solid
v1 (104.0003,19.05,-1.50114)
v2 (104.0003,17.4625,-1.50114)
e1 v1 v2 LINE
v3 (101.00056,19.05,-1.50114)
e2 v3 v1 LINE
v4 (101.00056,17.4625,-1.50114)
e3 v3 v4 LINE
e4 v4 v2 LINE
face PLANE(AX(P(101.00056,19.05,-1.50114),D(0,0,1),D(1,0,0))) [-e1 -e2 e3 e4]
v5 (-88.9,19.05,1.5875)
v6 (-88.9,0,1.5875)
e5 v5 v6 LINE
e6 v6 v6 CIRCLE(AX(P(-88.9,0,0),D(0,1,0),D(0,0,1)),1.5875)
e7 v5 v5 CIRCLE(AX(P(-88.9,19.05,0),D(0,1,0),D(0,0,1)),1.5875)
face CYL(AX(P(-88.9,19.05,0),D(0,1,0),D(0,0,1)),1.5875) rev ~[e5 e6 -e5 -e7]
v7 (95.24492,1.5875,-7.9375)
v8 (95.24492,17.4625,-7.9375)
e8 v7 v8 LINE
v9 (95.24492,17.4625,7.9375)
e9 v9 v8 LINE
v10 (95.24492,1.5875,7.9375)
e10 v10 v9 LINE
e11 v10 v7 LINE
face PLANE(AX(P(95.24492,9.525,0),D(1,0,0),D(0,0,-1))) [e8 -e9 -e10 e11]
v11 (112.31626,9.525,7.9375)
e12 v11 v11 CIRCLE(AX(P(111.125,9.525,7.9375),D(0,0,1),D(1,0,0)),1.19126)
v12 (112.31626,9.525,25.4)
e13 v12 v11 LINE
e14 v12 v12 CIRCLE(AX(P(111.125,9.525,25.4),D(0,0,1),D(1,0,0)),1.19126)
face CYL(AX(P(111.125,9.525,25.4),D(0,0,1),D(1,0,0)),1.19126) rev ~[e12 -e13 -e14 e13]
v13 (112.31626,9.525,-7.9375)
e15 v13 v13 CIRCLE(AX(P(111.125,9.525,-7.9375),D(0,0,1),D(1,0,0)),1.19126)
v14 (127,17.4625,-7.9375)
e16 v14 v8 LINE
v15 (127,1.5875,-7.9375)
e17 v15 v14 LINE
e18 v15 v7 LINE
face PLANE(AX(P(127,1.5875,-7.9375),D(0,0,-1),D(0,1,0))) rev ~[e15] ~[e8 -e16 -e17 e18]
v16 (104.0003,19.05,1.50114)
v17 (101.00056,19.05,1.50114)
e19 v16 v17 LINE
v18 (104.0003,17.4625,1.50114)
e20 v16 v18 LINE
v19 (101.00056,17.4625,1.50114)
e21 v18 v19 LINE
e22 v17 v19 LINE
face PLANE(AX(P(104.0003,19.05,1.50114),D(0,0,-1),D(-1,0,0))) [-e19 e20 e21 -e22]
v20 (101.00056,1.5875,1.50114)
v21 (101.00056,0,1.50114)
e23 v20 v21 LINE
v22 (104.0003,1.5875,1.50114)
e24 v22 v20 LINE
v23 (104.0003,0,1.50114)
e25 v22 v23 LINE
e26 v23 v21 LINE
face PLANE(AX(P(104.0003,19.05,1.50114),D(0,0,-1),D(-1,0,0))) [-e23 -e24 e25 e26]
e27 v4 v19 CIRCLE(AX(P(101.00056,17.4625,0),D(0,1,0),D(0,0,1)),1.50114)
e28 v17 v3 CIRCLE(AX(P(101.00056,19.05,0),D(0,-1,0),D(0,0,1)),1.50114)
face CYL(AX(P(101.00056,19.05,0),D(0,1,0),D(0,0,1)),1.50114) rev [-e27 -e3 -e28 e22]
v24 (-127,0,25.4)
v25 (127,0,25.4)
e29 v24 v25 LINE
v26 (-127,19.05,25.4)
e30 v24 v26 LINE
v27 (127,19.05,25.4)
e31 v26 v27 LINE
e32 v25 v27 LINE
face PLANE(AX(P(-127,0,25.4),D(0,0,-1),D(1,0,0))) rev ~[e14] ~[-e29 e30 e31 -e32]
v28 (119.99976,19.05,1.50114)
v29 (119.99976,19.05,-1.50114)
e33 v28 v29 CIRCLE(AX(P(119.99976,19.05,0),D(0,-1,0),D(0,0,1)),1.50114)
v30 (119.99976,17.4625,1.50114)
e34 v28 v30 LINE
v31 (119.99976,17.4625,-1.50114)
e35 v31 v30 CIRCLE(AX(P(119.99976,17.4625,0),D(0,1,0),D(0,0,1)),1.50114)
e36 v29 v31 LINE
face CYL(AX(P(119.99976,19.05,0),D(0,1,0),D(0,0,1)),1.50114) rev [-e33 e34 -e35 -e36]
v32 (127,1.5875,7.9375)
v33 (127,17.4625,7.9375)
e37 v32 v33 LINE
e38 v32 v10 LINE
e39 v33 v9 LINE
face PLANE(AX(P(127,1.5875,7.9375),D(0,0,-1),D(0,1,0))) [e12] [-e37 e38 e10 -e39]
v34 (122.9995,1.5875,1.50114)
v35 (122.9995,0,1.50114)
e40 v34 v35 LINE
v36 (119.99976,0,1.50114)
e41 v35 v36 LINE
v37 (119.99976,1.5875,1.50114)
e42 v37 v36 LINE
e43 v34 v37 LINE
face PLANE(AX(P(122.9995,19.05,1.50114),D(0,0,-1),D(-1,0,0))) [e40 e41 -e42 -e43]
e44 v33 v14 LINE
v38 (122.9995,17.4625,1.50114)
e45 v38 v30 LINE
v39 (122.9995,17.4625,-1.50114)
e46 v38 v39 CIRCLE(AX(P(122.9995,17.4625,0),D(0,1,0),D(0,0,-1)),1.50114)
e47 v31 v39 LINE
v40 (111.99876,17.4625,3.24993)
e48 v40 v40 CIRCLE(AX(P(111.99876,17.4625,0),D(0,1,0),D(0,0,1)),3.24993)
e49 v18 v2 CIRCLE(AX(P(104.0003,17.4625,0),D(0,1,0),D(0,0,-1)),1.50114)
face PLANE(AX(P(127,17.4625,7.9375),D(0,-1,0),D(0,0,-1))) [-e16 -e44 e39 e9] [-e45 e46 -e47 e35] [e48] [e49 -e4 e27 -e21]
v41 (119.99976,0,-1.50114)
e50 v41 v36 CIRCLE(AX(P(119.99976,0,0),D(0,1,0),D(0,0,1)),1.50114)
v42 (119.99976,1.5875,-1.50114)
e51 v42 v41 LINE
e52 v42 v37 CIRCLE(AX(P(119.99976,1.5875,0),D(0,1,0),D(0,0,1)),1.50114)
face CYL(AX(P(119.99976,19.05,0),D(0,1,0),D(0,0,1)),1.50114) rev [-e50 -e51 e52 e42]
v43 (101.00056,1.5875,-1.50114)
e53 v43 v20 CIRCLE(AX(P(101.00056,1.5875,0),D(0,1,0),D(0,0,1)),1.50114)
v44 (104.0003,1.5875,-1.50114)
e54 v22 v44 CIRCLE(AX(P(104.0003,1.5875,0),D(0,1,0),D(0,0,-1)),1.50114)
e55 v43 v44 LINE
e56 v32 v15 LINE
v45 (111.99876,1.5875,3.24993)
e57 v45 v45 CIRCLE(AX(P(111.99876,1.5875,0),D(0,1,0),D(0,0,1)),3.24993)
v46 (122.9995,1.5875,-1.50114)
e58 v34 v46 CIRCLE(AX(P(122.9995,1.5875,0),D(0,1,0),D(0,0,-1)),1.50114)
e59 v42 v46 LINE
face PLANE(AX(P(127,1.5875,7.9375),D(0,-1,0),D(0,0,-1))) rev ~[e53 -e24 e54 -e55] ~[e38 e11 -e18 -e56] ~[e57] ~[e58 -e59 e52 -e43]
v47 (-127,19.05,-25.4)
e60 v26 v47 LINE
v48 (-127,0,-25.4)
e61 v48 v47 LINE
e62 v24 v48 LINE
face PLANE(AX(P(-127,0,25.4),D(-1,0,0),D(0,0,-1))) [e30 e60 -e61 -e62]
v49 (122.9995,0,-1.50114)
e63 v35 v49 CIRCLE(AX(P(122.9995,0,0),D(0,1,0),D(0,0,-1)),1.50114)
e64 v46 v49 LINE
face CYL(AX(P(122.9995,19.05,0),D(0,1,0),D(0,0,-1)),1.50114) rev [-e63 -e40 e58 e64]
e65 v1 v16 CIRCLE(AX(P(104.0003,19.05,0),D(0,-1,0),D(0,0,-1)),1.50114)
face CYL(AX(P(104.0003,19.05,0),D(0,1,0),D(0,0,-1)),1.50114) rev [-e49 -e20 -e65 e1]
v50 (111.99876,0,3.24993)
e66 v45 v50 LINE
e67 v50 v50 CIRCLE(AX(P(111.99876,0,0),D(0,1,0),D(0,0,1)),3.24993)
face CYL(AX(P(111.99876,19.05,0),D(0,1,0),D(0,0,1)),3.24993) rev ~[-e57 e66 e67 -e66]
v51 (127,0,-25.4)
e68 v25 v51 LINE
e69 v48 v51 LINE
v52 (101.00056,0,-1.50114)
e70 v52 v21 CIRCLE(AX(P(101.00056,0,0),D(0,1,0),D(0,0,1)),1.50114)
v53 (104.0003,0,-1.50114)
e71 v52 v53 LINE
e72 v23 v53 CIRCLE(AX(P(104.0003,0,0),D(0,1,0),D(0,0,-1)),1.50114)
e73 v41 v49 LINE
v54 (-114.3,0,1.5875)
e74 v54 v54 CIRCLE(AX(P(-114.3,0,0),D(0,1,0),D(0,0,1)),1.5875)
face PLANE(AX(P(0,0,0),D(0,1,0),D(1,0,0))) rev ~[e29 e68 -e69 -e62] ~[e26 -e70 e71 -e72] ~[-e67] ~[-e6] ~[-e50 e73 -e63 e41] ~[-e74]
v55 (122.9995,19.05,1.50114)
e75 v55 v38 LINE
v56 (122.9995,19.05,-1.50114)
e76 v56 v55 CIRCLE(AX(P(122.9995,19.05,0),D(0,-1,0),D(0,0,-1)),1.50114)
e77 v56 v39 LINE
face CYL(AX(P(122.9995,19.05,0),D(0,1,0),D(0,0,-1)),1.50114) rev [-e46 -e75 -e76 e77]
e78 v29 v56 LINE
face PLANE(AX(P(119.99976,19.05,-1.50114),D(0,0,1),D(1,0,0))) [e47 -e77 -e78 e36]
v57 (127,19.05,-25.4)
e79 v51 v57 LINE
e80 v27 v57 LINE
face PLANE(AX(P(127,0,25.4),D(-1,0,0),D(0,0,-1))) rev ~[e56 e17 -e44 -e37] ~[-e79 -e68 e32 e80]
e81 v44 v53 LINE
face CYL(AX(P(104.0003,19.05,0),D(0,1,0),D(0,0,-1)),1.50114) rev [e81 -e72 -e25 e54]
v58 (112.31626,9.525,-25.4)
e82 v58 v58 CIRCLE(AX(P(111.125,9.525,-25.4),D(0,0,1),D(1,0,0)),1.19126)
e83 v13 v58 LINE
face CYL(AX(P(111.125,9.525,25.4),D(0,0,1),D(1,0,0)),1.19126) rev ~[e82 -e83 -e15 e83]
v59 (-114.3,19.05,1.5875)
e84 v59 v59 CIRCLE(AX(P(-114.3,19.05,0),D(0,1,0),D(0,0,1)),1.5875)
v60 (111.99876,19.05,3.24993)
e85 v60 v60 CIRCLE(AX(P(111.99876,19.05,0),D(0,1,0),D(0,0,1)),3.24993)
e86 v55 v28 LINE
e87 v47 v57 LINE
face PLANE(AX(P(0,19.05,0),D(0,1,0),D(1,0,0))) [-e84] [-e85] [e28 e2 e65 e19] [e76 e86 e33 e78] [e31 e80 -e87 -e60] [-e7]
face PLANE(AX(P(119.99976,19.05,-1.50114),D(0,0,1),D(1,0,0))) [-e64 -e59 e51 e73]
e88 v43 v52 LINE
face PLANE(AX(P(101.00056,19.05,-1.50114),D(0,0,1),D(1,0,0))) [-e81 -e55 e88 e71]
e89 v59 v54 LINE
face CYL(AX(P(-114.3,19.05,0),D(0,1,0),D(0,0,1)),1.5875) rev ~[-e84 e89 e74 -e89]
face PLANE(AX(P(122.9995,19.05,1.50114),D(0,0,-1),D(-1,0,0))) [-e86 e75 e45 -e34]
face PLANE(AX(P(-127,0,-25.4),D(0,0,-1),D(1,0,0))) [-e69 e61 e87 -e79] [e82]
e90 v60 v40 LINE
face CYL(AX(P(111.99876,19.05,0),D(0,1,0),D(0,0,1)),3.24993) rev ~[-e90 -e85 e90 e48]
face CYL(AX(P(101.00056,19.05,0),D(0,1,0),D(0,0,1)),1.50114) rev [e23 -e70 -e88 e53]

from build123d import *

# Parameters (mm, degrees)
SKETCH1_W           = 254
SKETCH1_H           = 50.8
BOSS_EXTRUDE1_DEPTH = 19.05
SKETCH2_R           = 1.5875
SKETCH2_R_2         = 3.24993
CUT_EXTRUDE1_DEPTH  = 131.908603613
SKETCH3_R           = 1.19126
CUT_EXTRUDE2_DEPTH  = 139.103376135
SKETCH4_W           = 15.875
SKETCH4_H           = 15.875
CUT_EXTRUDE3_DEPTH  = 31.75508


with BuildPart() as part:
    # Sketch1 → Boss-Extrude1 (new body)
    with BuildSketch(Plane(origin=(0, 0, 0), x_dir=(1, 0, 0), z_dir=(0, 1, 0))):
        Rectangle(SKETCH1_W, SKETCH1_H)
    extrude(amount=BOSS_EXTRUDE1_DEPTH)

    # Sketch2 → Cut-Extrude1 (cut, through all)
    with BuildSketch(Plane(origin=(0, 19.05, 0), x_dir=(1, 0, 0), z_dir=(0, 1, 0))):
        with Locations(Location((-114.3, 0, 0), (0, 0, 270))):
            Circle(SKETCH2_R)
        with Locations(Location((-88.9, 0, 0), (0, 0, 270))):
            Circle(SKETCH2_R)
        with Locations(Location((111.99876, 0, 0), (0, 0, 270))):
            Circle(SKETCH2_R_2)
        with BuildLine():
            Line((122.9995, -1.50114), (119.99976, -1.50114))
            ThreePointArc((119.99976, -1.50114), (118.49862, 0), (119.99976, 1.50114))
            Line((119.99976, 1.50114), (122.9995, 1.50114))
            ThreePointArc((122.9995, 1.50114), (124.50064, 0), (122.9995, -1.50114))
        make_face()
        with BuildLine():
            Line((104.0003, -1.50114), (101.00056, -1.50114))
            ThreePointArc((101.00056, -1.50114), (99.49942, 0), (101.00056, 1.50114))
            Line((101.00056, 1.50114), (104.0003, 1.50114))
            ThreePointArc((104.0003, 1.50114), (105.50144, 0), (104.0003, -1.50114))
        make_face()
    extrude(amount=-CUT_EXTRUDE1_DEPTH, mode=Mode.SUBTRACT)

    # Sketch3 → Cut-Extrude2 (cut, through all)
    with BuildSketch(Plane.XY.offset(25.4)):
        with Locations((111.125, 9.525)):
            Circle(SKETCH3_R)
    extrude(amount=-CUT_EXTRUDE2_DEPTH, mode=Mode.SUBTRACT)

    # Sketch4 → Cut-Extrude3 (cut)
    with BuildSketch(Plane(origin=(127, 0, 0), x_dir=(0, 0, -1), z_dir=(1, 0, 0))):
        with Locations((0, 9.525)):
            Rectangle(SKETCH4_W, SKETCH4_H)
    extrude(amount=-CUT_EXTRUDE3_DEPTH, mode=Mode.SUBTRACT)


solid = part.part
